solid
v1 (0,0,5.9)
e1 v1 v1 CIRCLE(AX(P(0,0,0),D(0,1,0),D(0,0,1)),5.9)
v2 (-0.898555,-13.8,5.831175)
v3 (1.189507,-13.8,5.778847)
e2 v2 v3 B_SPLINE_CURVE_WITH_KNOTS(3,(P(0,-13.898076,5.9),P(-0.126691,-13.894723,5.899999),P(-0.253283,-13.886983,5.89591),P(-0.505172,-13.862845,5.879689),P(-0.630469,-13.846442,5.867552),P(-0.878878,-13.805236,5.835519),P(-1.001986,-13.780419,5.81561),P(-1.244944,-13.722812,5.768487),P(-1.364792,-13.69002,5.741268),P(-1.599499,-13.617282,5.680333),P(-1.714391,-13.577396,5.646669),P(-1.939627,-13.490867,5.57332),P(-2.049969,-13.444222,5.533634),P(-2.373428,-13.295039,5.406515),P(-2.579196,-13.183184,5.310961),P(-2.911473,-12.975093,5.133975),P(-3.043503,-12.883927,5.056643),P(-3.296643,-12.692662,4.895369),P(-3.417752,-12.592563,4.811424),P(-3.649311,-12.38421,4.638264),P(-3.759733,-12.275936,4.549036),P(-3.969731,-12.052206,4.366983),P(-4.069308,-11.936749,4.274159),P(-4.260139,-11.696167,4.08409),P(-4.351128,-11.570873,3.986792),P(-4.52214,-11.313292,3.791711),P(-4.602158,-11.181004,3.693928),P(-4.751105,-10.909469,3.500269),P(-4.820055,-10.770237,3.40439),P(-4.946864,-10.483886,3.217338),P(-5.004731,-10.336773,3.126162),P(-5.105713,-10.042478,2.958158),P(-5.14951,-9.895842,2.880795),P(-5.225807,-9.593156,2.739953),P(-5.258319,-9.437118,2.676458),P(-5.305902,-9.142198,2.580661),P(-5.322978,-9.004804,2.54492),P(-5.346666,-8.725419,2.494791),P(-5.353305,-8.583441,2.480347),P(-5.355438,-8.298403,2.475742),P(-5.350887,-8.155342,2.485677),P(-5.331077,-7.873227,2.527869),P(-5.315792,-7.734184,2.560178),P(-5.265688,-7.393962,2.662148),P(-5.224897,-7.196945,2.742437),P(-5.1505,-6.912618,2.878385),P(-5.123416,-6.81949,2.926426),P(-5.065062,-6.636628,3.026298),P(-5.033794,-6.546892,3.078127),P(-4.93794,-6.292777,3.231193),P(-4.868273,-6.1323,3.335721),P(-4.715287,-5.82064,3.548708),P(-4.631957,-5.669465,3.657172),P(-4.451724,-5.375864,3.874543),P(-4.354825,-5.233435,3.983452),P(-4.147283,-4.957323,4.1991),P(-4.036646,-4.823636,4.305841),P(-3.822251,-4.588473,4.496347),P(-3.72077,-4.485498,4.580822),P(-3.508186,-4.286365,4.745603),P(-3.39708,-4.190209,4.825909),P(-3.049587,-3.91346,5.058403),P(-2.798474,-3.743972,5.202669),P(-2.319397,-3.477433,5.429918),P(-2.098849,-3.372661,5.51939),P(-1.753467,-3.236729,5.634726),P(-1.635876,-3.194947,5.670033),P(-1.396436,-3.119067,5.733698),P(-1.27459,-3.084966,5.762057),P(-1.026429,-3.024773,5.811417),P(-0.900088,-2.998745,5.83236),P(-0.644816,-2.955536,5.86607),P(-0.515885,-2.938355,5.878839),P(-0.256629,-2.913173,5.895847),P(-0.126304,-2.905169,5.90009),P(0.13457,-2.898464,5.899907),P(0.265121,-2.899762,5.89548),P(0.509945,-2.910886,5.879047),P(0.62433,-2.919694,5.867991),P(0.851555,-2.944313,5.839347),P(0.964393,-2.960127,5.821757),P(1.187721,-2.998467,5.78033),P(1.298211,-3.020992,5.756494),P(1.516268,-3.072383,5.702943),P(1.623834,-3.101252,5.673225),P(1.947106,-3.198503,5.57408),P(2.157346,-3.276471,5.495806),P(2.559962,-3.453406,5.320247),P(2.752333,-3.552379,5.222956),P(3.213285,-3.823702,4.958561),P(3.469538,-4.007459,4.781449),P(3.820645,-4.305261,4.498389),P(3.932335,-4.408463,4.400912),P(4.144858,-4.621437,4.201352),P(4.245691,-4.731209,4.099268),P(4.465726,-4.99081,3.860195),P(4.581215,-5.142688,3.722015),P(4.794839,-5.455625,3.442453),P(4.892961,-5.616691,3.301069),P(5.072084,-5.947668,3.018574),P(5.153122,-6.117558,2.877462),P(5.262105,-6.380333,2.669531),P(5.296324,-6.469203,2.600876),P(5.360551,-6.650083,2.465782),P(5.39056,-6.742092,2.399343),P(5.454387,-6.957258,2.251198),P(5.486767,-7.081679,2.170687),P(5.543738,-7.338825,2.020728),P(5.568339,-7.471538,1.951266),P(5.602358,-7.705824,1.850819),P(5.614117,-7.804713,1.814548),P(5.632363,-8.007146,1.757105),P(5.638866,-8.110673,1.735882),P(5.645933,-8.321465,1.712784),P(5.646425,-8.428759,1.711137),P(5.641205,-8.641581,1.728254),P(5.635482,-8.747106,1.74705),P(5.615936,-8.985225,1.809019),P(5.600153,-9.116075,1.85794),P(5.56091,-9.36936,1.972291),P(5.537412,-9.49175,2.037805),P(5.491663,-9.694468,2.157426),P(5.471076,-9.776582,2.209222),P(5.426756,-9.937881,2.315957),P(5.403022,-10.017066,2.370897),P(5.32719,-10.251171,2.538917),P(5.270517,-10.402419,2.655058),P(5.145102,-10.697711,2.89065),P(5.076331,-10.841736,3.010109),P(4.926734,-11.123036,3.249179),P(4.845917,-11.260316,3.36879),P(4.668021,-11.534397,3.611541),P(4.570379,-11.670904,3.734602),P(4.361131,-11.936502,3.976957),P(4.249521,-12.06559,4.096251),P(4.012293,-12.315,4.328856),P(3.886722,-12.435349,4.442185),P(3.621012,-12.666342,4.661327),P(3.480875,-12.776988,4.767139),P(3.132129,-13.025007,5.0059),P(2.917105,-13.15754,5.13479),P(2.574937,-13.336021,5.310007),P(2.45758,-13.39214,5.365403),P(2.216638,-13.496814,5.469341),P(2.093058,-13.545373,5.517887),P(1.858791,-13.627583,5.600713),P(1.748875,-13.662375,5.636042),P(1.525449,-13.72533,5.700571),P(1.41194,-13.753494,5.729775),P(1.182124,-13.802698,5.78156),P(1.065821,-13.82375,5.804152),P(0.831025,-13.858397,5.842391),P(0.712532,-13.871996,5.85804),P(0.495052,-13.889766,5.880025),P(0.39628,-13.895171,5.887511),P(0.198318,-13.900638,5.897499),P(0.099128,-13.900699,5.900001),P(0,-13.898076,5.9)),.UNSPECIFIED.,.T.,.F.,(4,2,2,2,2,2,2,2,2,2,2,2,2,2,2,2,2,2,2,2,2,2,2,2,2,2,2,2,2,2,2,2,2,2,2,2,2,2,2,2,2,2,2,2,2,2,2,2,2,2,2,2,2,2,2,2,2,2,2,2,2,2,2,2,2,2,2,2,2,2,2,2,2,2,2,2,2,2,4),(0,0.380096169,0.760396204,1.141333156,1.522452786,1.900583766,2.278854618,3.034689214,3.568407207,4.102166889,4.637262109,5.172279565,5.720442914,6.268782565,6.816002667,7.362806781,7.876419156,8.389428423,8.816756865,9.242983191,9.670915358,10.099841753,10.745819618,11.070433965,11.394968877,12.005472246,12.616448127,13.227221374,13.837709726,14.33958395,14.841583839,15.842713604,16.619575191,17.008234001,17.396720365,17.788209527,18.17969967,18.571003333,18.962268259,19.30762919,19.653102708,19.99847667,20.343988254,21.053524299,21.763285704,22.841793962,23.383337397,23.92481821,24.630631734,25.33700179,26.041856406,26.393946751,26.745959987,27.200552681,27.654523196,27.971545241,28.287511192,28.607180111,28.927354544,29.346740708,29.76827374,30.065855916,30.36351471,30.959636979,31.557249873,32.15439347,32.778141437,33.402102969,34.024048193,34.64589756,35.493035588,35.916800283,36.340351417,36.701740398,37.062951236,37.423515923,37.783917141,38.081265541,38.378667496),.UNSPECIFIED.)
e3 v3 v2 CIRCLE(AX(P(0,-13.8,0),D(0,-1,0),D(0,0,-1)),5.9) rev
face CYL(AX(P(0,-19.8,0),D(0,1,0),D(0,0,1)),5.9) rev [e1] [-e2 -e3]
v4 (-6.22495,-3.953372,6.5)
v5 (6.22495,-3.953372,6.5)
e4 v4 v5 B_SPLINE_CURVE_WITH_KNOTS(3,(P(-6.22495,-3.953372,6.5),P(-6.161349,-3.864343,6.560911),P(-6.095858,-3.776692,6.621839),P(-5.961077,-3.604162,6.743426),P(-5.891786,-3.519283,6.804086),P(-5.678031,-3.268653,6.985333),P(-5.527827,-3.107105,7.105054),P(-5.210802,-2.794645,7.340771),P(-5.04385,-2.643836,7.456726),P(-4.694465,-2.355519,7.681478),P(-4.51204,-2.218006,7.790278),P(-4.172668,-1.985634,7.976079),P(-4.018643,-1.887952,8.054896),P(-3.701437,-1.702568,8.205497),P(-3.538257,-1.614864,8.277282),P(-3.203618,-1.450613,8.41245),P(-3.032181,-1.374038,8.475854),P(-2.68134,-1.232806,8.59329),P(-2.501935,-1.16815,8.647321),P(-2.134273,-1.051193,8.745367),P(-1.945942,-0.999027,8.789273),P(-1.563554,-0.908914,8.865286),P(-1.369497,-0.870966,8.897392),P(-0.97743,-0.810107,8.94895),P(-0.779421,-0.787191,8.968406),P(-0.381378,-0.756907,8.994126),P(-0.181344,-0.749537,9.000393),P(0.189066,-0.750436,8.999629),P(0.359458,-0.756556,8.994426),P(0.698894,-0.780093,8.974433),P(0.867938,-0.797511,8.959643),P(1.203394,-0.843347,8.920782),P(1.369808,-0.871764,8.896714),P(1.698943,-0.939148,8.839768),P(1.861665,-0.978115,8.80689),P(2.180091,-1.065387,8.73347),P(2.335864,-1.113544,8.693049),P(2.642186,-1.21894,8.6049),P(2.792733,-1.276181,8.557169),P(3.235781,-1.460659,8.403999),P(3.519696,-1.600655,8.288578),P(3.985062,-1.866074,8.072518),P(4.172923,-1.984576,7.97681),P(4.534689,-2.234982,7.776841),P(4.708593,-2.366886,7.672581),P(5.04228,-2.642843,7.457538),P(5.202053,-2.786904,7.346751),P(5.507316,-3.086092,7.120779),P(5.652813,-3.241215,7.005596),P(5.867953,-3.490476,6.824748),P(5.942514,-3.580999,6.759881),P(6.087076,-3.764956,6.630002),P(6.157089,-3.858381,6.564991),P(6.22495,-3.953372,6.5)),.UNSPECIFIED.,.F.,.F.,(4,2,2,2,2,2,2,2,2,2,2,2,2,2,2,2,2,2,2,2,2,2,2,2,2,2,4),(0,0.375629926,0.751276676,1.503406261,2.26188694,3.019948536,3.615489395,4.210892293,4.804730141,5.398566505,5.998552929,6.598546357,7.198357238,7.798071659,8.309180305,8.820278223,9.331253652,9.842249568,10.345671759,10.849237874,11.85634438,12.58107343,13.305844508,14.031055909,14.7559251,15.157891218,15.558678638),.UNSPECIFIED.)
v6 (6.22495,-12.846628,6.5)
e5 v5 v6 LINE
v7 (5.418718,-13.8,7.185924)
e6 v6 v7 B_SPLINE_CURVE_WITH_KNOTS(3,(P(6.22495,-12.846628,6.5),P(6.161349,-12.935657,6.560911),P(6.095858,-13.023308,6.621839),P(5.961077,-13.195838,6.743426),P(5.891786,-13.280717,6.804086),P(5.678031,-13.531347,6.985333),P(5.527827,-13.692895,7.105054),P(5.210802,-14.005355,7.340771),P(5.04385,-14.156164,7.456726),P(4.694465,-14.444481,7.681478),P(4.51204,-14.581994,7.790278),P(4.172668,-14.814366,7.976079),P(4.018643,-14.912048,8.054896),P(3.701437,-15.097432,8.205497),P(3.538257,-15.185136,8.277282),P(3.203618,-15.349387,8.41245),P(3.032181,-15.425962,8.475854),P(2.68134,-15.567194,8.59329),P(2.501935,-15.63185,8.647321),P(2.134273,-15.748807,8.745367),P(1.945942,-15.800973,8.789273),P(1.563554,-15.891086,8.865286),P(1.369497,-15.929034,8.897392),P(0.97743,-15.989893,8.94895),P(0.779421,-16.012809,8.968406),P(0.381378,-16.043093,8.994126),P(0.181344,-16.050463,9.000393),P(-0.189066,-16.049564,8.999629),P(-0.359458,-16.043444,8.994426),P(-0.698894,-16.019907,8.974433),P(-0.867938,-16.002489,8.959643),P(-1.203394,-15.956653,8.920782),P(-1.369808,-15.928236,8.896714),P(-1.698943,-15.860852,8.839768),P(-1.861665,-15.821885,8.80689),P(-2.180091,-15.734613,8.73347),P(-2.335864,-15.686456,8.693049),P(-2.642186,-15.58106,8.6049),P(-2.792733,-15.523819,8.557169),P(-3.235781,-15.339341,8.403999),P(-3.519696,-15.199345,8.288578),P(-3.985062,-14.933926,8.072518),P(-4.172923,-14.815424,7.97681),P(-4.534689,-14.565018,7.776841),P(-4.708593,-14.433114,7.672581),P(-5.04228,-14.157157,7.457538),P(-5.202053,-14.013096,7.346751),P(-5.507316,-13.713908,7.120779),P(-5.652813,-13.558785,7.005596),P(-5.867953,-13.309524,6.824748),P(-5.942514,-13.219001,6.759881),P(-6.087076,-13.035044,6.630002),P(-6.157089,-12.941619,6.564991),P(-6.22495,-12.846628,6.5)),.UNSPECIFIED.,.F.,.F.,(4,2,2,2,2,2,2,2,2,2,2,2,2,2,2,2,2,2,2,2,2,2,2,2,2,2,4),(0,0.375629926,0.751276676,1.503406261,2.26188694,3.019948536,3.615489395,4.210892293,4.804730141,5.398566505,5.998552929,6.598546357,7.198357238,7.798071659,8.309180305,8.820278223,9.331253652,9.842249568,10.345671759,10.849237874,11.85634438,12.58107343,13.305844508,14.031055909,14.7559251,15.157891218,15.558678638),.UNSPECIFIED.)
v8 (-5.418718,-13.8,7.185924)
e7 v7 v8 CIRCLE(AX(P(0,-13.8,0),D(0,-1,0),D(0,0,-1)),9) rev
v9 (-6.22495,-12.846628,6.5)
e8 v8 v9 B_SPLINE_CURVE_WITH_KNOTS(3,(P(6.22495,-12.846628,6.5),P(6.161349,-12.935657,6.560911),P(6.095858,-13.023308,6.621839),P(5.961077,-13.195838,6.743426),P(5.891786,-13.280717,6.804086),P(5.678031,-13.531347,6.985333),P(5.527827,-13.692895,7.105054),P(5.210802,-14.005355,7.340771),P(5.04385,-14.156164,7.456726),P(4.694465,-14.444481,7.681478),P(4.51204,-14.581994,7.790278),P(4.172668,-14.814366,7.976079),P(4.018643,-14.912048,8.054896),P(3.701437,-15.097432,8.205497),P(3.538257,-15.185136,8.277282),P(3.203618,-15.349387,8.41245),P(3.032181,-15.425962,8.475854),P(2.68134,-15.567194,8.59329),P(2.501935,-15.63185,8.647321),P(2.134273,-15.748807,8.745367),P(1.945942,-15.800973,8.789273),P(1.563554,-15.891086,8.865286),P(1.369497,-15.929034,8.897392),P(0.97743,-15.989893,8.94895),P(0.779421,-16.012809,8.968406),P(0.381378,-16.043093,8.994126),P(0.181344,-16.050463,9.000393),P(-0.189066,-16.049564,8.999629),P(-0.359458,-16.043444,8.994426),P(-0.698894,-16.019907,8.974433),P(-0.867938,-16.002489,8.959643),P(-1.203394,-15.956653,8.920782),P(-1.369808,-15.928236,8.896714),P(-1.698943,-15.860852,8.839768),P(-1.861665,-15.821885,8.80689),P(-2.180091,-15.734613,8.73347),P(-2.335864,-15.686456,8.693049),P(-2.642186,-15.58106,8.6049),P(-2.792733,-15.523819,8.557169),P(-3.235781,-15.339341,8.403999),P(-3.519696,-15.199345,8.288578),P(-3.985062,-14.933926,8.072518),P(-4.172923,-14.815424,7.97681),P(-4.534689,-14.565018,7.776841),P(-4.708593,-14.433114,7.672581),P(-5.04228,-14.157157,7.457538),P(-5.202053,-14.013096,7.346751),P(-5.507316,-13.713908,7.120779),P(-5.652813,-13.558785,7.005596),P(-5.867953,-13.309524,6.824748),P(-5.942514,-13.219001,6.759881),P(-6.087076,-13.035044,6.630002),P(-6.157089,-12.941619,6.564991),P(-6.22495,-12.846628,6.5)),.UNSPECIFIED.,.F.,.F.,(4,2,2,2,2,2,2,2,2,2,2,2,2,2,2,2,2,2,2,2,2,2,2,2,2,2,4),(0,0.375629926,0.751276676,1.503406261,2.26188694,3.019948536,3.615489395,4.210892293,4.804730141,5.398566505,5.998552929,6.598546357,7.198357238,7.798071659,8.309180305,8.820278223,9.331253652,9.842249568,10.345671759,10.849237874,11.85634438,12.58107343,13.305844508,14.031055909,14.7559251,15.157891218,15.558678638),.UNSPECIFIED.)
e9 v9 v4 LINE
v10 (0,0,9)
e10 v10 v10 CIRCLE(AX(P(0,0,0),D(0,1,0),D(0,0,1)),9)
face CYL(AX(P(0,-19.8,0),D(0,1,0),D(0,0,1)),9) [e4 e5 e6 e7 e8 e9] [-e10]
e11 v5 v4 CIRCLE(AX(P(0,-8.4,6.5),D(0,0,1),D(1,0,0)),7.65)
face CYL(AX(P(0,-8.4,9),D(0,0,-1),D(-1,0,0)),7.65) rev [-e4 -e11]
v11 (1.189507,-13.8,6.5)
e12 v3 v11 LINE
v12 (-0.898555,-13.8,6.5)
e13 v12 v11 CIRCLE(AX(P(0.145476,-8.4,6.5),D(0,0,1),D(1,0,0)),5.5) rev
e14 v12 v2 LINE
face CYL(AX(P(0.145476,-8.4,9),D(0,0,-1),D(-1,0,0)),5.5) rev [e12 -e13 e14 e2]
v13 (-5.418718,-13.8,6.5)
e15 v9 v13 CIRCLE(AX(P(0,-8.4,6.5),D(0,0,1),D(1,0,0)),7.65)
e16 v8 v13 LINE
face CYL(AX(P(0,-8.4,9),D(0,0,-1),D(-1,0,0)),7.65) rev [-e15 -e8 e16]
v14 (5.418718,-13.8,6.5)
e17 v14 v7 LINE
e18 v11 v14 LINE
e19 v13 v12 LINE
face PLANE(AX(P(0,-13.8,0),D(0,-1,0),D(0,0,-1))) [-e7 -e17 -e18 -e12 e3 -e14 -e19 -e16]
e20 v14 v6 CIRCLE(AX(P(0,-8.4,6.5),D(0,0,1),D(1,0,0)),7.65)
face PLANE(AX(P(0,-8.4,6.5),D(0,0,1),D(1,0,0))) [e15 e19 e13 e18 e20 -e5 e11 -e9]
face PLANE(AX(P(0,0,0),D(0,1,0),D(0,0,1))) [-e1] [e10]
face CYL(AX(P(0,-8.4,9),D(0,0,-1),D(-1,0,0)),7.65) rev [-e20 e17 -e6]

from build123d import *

# Parameters (mm, degrees)
SKETCH1_R               = 9
SKETCH1_R_2             = 5.9
BOSS_EXTRUDE1_DEPTH     = 19.8
CUT_EXTRUDE5_START      = 6.5
SKETCH3_R               = 7.65
CUT_EXTRUDE5_DEPTH      = 18.038054295
CUT_EXTRUDE6_DEPTH      = 27.707489752
CUT_EXTRUDE6_DEPTH_BACK = 7
SKETCH6_R               = 5.5
SKETCH7_R               = 12.932797278
CUT_EXTRUDE7_DEPTH      = 10


with BuildPart() as part:
    # Sketch1 → Boss-Extrude1 (new body)
    with BuildSketch(Plane(origin=(0, 0, 0), x_dir=(1, 0, 0), z_dir=(0, 1, 0))):
        with Locations(Location((0, 0, 0), (0, 0, 270))):
            Circle(SKETCH1_R)
        with Locations(Location((0, 0, 0), (0, 0, 270))):
            Circle(SKETCH1_R_2, mode=Mode.SUBTRACT)
    extrude(amount=-BOSS_EXTRUDE1_DEPTH)

    # Sketch3 → Cut-Extrude5 (cut, through all)
    with BuildSketch(Plane.XY.offset(CUT_EXTRUDE5_START)):
        with Locations((0, -8.4)):
            Circle(SKETCH3_R)
    extrude(amount=CUT_EXTRUDE5_DEPTH, mode=Mode.SUBTRACT)

    # Sketch6 → Cut-Extrude6 (cut, two sides: drawn at the far end of the back side and taken through both)
    with BuildSketch(Plane.XY.offset(6.5).offset(-CUT_EXTRUDE6_DEPTH_BACK)):
        with Locations(Location((0.145476138, -8.4, 0), (0, 0, 91.515662264))):
            Circle(SKETCH6_R)
    extrude(amount=CUT_EXTRUDE6_DEPTH + CUT_EXTRUDE6_DEPTH_BACK, mode=Mode.SUBTRACT)

    # Sketch7 → Cut-Extrude7 (cut)
    with BuildSketch(Plane(origin=(0, -13.8, 0), x_dir=(-1, 0, 0), z_dir=(0, -1, 0))):
        Circle(SKETCH7_R)
    extrude(amount=CUT_EXTRUDE7_DEPTH, mode=Mode.SUBTRACT)


solid = part.part
